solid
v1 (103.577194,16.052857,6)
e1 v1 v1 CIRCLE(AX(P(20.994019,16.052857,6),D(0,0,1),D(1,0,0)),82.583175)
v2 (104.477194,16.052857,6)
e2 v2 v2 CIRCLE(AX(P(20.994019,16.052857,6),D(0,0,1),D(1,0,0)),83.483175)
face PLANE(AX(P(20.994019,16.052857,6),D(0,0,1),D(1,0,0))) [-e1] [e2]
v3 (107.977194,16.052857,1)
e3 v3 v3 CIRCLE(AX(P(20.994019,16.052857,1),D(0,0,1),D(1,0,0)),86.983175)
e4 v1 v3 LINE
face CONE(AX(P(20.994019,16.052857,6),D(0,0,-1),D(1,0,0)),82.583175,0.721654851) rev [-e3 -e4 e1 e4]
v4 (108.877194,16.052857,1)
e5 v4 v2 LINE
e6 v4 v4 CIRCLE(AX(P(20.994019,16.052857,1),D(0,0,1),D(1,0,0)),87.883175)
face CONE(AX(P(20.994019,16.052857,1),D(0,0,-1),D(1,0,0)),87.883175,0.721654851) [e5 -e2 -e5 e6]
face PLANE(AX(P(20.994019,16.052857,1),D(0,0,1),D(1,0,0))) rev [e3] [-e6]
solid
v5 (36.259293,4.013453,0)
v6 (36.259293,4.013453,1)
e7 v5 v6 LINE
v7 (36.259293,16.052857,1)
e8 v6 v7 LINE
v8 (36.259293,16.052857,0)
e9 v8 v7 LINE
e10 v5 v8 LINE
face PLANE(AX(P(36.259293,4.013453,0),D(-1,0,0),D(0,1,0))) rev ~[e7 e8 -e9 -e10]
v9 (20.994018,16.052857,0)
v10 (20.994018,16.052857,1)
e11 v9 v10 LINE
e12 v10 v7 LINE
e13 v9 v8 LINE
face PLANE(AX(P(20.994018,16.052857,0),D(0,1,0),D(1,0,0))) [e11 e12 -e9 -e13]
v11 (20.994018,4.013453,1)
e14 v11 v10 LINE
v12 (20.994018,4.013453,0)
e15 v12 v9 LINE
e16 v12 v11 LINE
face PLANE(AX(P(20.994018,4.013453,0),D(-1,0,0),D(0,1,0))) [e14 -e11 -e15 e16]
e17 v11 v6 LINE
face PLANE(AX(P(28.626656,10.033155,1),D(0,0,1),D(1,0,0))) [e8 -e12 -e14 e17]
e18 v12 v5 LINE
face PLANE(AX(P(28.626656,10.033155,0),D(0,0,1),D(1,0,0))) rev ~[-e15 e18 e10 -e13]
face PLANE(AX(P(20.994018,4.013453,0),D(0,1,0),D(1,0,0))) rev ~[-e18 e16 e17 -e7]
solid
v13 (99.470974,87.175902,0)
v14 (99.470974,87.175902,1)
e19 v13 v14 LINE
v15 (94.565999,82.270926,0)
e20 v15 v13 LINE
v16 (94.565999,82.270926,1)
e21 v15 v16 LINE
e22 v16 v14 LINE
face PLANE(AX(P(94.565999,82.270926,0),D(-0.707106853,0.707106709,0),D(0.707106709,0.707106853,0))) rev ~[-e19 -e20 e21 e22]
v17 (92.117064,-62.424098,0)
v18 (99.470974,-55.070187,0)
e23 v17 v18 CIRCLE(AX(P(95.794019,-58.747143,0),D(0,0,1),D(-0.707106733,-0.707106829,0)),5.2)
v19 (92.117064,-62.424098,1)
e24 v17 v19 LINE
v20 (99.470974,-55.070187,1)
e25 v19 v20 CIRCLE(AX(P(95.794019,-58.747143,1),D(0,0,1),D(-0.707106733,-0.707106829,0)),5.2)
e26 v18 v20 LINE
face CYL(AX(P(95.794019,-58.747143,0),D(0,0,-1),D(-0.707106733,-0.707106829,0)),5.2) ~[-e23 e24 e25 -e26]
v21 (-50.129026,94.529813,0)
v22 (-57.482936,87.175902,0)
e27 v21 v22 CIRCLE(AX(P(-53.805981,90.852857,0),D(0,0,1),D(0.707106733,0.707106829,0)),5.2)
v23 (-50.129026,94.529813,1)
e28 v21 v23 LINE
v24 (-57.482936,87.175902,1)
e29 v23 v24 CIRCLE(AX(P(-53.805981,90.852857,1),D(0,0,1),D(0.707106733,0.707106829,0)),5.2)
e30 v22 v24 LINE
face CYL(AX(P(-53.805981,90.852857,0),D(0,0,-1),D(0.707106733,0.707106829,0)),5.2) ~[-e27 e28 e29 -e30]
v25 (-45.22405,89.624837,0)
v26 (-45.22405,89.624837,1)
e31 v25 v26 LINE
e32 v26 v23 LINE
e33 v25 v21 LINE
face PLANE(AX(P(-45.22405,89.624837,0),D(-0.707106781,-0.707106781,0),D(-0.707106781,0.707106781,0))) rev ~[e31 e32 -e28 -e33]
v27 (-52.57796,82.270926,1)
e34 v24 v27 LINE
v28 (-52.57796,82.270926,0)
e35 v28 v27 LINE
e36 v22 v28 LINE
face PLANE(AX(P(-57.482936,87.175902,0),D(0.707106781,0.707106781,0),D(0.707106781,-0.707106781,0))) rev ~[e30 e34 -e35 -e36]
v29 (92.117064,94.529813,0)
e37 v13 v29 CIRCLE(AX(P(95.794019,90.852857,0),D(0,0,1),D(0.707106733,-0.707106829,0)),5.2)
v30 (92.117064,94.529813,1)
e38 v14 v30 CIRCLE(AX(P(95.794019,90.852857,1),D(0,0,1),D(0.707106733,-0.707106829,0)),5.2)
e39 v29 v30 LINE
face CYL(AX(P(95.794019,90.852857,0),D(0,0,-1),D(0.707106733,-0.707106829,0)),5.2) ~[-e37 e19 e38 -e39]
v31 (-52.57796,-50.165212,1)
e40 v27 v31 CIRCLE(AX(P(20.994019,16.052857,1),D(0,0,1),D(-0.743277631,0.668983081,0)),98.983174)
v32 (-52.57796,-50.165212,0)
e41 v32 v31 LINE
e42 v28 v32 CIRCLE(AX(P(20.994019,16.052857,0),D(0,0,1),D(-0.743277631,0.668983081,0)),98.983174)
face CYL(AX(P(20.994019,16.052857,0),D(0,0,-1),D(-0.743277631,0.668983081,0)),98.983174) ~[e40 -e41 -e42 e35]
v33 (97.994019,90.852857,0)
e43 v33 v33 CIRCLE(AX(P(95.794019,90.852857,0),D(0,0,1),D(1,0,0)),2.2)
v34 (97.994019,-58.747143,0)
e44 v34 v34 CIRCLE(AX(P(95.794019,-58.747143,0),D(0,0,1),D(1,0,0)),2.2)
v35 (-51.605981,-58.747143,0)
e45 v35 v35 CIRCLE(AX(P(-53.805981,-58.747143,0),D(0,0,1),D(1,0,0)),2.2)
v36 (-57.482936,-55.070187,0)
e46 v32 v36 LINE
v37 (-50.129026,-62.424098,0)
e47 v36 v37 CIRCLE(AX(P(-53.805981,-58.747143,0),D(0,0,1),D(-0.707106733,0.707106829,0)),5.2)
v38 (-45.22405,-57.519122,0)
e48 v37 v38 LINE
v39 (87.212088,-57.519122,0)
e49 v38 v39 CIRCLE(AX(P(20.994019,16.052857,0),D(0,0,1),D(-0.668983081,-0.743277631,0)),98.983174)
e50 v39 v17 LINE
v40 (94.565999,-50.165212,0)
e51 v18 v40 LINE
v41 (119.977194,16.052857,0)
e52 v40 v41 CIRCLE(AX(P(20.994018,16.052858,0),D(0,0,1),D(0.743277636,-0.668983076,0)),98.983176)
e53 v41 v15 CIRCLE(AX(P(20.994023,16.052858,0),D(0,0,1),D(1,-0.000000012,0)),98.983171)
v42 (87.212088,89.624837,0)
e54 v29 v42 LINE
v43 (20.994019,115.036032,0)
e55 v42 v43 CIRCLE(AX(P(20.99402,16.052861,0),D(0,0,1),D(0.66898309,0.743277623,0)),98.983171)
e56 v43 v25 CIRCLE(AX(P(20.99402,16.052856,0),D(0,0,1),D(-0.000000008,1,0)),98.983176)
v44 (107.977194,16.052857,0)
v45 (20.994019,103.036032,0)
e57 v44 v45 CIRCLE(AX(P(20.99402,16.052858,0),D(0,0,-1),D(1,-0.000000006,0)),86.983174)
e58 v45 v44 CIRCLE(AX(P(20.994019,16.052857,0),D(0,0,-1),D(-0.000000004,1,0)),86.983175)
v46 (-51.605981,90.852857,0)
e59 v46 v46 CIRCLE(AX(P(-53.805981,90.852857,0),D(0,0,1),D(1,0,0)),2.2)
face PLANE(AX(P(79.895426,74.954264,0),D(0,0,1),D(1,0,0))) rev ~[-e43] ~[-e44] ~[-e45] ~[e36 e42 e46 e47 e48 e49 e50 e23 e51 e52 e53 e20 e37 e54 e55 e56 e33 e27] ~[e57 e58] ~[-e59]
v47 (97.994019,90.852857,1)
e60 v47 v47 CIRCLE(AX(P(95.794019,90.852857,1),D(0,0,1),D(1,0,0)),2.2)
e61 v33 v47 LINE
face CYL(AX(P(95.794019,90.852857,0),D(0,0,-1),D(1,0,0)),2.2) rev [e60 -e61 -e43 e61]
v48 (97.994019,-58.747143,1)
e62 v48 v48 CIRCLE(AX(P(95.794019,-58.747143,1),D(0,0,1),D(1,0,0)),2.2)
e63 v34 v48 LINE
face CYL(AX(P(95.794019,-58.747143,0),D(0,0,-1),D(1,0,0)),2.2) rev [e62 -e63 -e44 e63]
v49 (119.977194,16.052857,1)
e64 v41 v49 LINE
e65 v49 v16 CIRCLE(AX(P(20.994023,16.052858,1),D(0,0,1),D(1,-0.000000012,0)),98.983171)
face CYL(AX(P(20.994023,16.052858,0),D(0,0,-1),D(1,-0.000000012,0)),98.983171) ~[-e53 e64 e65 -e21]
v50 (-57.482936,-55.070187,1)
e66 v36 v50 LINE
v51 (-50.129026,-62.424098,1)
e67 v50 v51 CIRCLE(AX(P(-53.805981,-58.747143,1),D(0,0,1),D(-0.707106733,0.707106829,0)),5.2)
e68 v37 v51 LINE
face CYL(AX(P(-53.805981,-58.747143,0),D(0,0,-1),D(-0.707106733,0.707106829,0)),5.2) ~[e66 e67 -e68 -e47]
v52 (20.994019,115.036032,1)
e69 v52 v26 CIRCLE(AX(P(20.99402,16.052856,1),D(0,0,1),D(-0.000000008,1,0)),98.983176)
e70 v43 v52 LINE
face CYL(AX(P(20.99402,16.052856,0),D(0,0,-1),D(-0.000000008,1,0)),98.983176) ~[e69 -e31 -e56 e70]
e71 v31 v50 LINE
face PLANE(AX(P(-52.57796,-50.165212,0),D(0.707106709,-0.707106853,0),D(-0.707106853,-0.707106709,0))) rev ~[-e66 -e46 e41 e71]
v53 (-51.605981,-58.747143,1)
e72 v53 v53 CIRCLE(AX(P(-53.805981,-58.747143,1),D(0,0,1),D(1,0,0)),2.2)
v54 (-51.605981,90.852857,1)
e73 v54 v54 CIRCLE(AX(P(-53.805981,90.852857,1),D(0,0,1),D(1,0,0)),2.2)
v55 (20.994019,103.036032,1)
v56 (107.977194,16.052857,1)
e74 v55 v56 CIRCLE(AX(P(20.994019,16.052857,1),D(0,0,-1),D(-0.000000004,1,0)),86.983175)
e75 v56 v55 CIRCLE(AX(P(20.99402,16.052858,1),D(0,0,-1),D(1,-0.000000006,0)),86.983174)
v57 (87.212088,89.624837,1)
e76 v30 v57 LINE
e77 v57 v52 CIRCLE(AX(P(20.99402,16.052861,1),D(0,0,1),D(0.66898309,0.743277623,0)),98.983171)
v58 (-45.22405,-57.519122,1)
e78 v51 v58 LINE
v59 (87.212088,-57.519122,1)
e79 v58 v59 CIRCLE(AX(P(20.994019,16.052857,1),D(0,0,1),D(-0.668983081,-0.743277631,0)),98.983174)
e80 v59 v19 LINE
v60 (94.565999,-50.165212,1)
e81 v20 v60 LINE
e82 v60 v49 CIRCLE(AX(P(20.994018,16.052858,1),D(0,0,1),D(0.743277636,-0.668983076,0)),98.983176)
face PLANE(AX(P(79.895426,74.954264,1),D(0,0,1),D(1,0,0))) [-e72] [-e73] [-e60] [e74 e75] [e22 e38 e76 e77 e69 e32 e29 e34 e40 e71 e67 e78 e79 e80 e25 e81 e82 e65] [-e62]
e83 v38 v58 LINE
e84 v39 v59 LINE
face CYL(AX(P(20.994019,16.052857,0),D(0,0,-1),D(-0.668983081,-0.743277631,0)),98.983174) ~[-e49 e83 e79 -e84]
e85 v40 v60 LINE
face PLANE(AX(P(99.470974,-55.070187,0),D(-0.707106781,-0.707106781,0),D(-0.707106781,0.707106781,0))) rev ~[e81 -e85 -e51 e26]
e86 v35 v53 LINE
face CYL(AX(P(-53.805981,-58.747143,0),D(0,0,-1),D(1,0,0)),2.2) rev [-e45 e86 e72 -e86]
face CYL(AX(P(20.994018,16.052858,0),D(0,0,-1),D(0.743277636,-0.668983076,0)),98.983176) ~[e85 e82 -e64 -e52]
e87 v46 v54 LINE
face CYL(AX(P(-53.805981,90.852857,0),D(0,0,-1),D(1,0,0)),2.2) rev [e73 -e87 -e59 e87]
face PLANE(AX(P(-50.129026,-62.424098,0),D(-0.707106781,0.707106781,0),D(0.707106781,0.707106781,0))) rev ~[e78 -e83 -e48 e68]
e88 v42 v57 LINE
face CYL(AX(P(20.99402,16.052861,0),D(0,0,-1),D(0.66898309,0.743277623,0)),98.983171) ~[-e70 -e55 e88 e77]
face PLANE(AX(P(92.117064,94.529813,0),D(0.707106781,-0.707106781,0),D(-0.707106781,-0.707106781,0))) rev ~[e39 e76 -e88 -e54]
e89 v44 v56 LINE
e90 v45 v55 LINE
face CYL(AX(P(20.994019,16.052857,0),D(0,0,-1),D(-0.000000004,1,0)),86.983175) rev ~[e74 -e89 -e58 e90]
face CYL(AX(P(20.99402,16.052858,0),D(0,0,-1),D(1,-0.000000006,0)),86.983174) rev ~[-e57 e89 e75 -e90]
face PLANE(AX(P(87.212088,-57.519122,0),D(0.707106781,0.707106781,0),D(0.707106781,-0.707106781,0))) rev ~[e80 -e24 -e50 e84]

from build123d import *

# Parameters (mm, degrees)
F0_R     = 2.2
F1_DEPTH = 1
F0_W     = 15.265275
F0_H     = 12.039403
F3_DEPTH = 1


with BuildPart() as f1:
    # F0 (on Top) → F1 (new body)
    with BuildSketch(Plane.XY):
        with BuildLine():
            Line((94.565999, 82.270926), (99.470974, 87.175902))
            ThreePointArc((99.470974, 87.175902), (99.470974, 94.529813), (92.117064, 94.529813))
            Line((92.117064, 94.529813), (87.212088, 89.624837))
            ThreePointArc((87.212088, 89.624837), (56.457245, 108.465132), (20.994019, 115.036032))
            Line((20.994019, 115.036032), (20.994019, 103.036032))
            ThreePointArc((20.994019, 103.036032), (82.500412, 77.55925), (107.977194, 16.052857))
            Line((107.977194, 16.052857), (119.977194, 16.052857))
            ThreePointArc((119.977194, 16.052857), (113.406294, 51.516083), (94.565999, 82.270926))
        make_face()
        with Locations((95.794019, 90.852857)):
            Circle(F0_R, mode=Mode.SUBTRACT)
    extrude(amount=F1_DEPTH)

    # F0 (on Top) → F3 (join)
    with BuildSketch(Plane.XY):
        with BuildLine():
            Line((94.565999, 82.270926), (99.470974, 87.175902))
            ThreePointArc((99.470974, 87.175902), (99.470974, 94.529813), (92.117064, 94.529813))
            Line((92.117064, 94.529813), (87.212088, 89.624837))
            ThreePointArc((87.212088, 89.624837), (56.457245, 108.465132), (20.994019, 115.036032))
            Line((20.994019, 115.036032), (20.994019, 103.036032))
            ThreePointArc((20.994019, 103.036032), (82.500412, 77.55925), (107.977194, 16.052857))
            Line((107.977194, 16.052857), (119.977194, 16.052857))
            ThreePointArc((119.977194, 16.052857), (113.406294, 51.516083), (94.565999, 82.270926))
        make_face()
        with Locations((95.794019, 90.852857)):
            Circle(F0_R, mode=Mode.SUBTRACT)
        with BuildLine():
            ThreePointArc((94.565999, -50.165212), (113.406294, -19.410368), (119.977194, 16.052857))
            Line((119.977194, 16.052857), (107.977194, 16.052857))
            ThreePointArc((107.977194, 16.052857), (-40.512373, -45.453535), (20.994019, 103.036032))
            Line((20.994019, 103.036032), (20.994019, 115.036032))
            ThreePointArc((20.994019, 115.036032), (-14.469206, 108.465132), (-45.22405, 89.624837))
            Line((-45.22405, 89.624837), (-50.129026, 94.529813))
            ThreePointArc((-50.129026, 94.529813), (-57.482936, 94.529813), (-57.482936, 87.175902))
            Line((-57.482936, 87.175902), (-52.57796, 82.270926))
            ThreePointArc((-52.57796, 82.270926), (-77.989155, 16.052857), (-52.57796, -50.165212))
            Line((-52.57796, -50.165212), (-57.482936, -55.070187))
            ThreePointArc((-57.482936, -55.070187), (-57.482936, -62.424098), (-50.129026, -62.424098))
            Line((-50.129026, -62.424098), (-45.22405, -57.519122))
            ThreePointArc((-45.22405, -57.519122), (20.994019, -82.930317), (87.212088, -57.519122))
            Line((87.212088, -57.519122), (92.117064, -62.424098))
            ThreePointArc((92.117064, -62.424098), (99.470974, -62.424098), (99.470974, -55.070187))
            Line((99.470974, -55.070187), (94.565999, -50.165212))
        make_face()
        with Locations((-53.805981, -58.747143)):
            Circle(F0_R, mode=Mode.SUBTRACT)
        with Locations((95.794019, -58.747143)):
            Circle(F0_R, mode=Mode.SUBTRACT)
        with Locations((-53.805981, 90.852857)):
            Circle(F0_R, mode=Mode.SUBTRACT)
        with Locations((28.626656, 10.033155)):
            Rectangle(F0_W, F0_H)
    extrude(amount=F3_DEPTH)


with BuildPart() as f4:
    # F2 (on face) → F4 (revolve)
    with BuildSketch(Plane.XZ.offset(-16.052857)):
        Polygon((108.877194, 1), (104.477194, 6), (103.577194, 6), (107.977194, 1), align=None)
    revolve(axis=Axis((20.994019, 16.052857, 0.5), (0, 0, 1)))


solid = Compound([f1.part, f4.part])
